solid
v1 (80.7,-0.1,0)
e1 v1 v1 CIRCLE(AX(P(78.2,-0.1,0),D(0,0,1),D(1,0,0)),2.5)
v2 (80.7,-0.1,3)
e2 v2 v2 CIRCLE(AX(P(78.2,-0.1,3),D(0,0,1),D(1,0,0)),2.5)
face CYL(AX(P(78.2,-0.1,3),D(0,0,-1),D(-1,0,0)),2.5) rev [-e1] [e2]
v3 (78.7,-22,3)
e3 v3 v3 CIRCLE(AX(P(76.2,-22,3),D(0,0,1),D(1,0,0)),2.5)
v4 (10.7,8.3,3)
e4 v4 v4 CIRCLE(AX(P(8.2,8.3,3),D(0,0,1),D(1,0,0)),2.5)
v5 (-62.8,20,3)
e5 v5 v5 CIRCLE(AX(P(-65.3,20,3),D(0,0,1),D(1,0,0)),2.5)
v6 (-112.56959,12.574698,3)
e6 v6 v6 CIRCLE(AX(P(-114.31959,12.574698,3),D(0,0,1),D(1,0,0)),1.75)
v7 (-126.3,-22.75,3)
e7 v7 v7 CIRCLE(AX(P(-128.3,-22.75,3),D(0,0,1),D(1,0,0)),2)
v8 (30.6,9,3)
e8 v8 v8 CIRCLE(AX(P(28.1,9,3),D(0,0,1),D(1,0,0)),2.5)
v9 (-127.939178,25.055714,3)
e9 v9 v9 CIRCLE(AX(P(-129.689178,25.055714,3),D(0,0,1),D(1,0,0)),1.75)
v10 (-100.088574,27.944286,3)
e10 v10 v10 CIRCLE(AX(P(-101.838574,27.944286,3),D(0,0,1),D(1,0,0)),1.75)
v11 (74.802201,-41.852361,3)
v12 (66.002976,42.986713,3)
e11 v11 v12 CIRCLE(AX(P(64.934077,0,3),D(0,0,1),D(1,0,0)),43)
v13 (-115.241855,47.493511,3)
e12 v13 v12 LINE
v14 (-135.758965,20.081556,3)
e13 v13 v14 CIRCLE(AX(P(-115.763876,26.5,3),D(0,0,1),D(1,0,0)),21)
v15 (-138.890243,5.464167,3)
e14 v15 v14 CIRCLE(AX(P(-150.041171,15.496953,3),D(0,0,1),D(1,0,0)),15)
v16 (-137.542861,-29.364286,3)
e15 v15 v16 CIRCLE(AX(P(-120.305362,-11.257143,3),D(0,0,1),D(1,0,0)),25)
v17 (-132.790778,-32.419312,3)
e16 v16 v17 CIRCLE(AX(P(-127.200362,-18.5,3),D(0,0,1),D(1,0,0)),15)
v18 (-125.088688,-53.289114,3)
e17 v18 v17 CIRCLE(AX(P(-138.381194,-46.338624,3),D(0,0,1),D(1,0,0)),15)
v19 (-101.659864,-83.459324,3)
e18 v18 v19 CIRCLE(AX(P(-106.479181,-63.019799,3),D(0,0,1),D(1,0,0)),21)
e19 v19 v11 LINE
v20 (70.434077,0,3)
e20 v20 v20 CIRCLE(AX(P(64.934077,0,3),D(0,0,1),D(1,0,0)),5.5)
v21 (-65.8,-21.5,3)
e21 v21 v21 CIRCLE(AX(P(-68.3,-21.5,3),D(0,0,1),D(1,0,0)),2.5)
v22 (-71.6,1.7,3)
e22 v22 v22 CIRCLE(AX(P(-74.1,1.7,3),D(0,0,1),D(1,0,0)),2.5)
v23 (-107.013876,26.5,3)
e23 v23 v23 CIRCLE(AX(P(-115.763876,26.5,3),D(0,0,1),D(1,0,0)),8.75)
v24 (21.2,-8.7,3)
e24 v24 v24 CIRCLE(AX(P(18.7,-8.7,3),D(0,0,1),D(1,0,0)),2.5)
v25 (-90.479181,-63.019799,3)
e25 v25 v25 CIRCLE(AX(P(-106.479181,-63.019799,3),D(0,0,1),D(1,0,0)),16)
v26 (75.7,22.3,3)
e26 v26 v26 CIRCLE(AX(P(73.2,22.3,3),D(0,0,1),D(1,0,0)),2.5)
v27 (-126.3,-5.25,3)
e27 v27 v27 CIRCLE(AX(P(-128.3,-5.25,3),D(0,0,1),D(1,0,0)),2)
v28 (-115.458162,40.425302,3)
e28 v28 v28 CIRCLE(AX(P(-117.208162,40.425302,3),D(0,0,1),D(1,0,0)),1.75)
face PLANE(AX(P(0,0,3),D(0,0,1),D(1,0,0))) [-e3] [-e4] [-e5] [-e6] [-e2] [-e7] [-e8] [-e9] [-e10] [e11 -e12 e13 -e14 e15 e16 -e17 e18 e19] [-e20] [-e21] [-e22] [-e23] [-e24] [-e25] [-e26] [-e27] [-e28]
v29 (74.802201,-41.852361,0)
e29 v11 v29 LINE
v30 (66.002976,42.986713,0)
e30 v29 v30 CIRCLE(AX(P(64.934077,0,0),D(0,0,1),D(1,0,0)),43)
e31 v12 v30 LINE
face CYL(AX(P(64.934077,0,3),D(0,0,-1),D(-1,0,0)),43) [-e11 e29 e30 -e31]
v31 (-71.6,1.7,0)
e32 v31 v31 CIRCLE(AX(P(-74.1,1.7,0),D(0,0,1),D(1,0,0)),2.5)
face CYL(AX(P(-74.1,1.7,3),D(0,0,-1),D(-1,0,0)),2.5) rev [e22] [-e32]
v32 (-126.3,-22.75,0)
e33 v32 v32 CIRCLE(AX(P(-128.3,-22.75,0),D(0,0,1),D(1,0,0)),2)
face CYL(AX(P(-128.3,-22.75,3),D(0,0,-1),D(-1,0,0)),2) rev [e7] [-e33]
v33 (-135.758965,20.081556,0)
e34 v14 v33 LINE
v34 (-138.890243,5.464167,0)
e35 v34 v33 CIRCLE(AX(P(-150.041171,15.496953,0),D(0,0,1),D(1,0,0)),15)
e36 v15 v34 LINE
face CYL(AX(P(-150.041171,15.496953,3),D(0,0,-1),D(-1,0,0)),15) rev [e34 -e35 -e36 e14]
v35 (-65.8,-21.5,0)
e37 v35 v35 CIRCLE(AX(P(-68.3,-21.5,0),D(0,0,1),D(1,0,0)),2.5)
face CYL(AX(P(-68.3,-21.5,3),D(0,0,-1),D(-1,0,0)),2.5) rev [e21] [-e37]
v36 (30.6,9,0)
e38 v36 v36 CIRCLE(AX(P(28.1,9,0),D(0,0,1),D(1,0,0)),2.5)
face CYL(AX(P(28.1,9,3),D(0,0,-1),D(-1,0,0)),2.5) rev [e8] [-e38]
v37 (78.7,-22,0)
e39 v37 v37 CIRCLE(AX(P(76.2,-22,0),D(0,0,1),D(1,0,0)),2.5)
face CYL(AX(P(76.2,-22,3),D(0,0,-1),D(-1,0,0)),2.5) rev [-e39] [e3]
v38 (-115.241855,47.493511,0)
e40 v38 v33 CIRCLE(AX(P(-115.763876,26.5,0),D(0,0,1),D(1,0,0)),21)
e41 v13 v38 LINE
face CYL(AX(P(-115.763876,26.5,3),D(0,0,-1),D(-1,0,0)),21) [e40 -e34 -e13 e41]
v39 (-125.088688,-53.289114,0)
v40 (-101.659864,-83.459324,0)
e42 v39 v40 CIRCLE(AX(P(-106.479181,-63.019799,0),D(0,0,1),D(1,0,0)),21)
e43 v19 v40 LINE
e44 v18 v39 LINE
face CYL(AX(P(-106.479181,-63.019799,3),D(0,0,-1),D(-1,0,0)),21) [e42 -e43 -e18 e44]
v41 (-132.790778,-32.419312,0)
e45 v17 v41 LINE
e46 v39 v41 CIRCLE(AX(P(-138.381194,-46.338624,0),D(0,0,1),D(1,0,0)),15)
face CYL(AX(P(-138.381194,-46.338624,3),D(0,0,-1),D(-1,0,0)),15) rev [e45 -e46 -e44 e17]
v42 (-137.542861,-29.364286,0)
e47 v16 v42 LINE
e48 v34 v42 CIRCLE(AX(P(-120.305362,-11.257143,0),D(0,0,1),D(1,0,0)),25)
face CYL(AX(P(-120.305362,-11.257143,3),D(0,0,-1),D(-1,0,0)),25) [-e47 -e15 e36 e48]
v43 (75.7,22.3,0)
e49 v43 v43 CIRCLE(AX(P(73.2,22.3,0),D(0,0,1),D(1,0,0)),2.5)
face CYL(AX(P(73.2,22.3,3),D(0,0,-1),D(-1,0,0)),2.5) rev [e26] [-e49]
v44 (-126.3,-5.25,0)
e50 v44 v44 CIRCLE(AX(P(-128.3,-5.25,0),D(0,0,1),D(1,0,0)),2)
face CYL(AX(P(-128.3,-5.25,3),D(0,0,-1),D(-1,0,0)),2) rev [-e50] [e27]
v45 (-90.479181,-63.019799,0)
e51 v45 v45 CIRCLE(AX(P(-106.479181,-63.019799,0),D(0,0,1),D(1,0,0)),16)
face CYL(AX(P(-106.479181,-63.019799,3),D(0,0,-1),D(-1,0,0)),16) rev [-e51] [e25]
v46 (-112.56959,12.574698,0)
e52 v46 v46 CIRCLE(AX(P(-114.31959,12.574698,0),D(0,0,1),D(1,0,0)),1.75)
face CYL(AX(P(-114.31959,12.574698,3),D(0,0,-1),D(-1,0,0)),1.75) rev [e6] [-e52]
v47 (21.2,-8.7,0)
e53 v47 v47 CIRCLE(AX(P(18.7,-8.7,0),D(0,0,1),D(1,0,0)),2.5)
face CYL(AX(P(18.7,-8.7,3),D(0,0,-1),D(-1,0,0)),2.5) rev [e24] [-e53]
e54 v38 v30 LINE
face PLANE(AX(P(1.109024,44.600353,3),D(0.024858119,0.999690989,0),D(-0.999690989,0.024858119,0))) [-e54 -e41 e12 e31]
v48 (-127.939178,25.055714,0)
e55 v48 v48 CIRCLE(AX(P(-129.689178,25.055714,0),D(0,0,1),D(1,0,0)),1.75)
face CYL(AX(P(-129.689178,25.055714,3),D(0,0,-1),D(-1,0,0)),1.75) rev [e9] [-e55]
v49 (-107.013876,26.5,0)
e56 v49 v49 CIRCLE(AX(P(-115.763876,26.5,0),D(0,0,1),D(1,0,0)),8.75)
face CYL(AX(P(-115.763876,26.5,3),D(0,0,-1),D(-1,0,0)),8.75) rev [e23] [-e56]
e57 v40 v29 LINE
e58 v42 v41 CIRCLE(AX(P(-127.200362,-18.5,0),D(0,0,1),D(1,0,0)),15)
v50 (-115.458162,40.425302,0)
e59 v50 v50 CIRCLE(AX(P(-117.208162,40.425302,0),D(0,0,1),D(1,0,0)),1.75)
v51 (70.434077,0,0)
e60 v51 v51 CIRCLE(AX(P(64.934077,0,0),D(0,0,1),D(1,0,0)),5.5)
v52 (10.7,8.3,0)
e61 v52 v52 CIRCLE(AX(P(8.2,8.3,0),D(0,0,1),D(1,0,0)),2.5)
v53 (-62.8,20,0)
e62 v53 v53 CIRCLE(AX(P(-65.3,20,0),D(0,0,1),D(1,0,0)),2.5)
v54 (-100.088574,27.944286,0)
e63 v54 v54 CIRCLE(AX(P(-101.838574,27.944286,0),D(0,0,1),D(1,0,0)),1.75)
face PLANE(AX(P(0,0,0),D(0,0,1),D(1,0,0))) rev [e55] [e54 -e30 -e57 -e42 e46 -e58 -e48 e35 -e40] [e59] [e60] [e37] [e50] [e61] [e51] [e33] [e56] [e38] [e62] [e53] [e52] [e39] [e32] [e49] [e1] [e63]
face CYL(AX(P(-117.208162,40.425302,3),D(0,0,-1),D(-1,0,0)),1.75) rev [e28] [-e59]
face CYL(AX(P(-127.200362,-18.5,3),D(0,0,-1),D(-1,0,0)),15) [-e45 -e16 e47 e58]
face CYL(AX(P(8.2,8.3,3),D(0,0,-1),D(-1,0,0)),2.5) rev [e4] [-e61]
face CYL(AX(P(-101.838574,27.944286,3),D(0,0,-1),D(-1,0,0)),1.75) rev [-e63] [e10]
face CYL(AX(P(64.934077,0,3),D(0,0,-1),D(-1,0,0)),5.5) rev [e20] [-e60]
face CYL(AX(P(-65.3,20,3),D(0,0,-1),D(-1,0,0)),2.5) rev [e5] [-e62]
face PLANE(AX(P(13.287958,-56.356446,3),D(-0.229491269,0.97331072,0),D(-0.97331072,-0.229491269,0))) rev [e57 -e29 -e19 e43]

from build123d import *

# Parameters (mm, degrees)
SKETCH1_R           = 2
SKETCH1_R_2         = 2.5
SKETCH1_R_3         = 5.5
SKETCH1_R_4         = 1.75
SKETCH1_R_5         = 8.75
SKETCH1_R_6         = 16
BOSS_EXTRUDE1_DEPTH = 3


with BuildPart() as part:
    # Sketch1 → Boss-Extrude1 (new body)
    with BuildSketch(Plane.XY):
        with BuildLine():
            Line((-101.659864494, -83.45932429), (74.802197756, -41.852361745))
            ThreePointArc((74.802197756, -41.852361745), (107.704647438, 4.436019045), (66.002975735, 42.986712534))
            Line((66.002975735, 42.986712534), (-115.241855356, 47.493510774))
            ThreePointArc((-115.241855356, 47.493510774), (-132.576190146, 39.08356421), (-135.758964721, 20.081556162))
            ThreePointArc((-135.758964721, 20.081556162), (-135.373925263, 12.354995282), (-138.890242706, 5.464167316))
            ThreePointArc((-138.890242706, 5.464167316), (-145.2866753, -12.223575588), (-137.542861296, -29.364285714))
            ThreePointArc((-137.542861296, -29.364285714), (-135.311942722, -31.117537591), (-132.790777729, -32.419312113))
            ThreePointArc((-132.790777729, -32.419312113), (-124.308939641, -41.145198886), (-125.08868845, -53.289113787))
            ThreePointArc((-125.08868845, -53.289113787), (-123.065402539, -75.899910202), (-101.659864494, -83.45932429))
        make_face()
        with Locations((-128.3, -22.75)):
            Circle(SKETCH1_R, mode=Mode.SUBTRACT)
        with Locations((-68.3, -21.5)):
            Circle(SKETCH1_R_2, mode=Mode.SUBTRACT)
        with Locations((-128.3, -5.25)):
            Circle(SKETCH1_R, mode=Mode.SUBTRACT)
        with Locations((-74.1, 1.7)):
            Circle(SKETCH1_R_2, mode=Mode.SUBTRACT)
        with Locations((18.7, -8.7)):
            Circle(SKETCH1_R_2, mode=Mode.SUBTRACT)
        with Locations((76.2, -22)):
            Circle(SKETCH1_R_2, mode=Mode.SUBTRACT)
        with Locations((8.2, 8.3)):
            Circle(SKETCH1_R_2, mode=Mode.SUBTRACT)
        with Locations((64.934076539, 0)):
            Circle(SKETCH1_R_3, mode=Mode.SUBTRACT)
        with Locations((78.2, -0.1)):
            Circle(SKETCH1_R_2, mode=Mode.SUBTRACT)
        with Locations((-114.319590013, 12.574697906)):
            Circle(SKETCH1_R_4, mode=Mode.SUBTRACT)
        with Locations((-129.68917795, 25.055714157)):
            Circle(SKETCH1_R_4, mode=Mode.SUBTRACT)
        with Locations((-65.3, 20)):
            Circle(SKETCH1_R_2, mode=Mode.SUBTRACT)
        with Locations((-115.763875856, 26.5)):
            Circle(SKETCH1_R_5, mode=Mode.SUBTRACT)
        with Locations((-101.838573763, 27.944285843)):
            Circle(SKETCH1_R_4, mode=Mode.SUBTRACT)
        with Locations((-117.208161699, 40.425302094)):
            Circle(SKETCH1_R_4, mode=Mode.SUBTRACT)
        with Locations((28.1, 9)):
            Circle(SKETCH1_R_2, mode=Mode.SUBTRACT)
        with Locations((73.2, 22.3)):
            Circle(SKETCH1_R_2, mode=Mode.SUBTRACT)
        with Locations((-106.479181151, -63.019799174)):
            Circle(SKETCH1_R_6, mode=Mode.SUBTRACT)
    extrude(amount=BOSS_EXTRUDE1_DEPTH)


solid = part.part
